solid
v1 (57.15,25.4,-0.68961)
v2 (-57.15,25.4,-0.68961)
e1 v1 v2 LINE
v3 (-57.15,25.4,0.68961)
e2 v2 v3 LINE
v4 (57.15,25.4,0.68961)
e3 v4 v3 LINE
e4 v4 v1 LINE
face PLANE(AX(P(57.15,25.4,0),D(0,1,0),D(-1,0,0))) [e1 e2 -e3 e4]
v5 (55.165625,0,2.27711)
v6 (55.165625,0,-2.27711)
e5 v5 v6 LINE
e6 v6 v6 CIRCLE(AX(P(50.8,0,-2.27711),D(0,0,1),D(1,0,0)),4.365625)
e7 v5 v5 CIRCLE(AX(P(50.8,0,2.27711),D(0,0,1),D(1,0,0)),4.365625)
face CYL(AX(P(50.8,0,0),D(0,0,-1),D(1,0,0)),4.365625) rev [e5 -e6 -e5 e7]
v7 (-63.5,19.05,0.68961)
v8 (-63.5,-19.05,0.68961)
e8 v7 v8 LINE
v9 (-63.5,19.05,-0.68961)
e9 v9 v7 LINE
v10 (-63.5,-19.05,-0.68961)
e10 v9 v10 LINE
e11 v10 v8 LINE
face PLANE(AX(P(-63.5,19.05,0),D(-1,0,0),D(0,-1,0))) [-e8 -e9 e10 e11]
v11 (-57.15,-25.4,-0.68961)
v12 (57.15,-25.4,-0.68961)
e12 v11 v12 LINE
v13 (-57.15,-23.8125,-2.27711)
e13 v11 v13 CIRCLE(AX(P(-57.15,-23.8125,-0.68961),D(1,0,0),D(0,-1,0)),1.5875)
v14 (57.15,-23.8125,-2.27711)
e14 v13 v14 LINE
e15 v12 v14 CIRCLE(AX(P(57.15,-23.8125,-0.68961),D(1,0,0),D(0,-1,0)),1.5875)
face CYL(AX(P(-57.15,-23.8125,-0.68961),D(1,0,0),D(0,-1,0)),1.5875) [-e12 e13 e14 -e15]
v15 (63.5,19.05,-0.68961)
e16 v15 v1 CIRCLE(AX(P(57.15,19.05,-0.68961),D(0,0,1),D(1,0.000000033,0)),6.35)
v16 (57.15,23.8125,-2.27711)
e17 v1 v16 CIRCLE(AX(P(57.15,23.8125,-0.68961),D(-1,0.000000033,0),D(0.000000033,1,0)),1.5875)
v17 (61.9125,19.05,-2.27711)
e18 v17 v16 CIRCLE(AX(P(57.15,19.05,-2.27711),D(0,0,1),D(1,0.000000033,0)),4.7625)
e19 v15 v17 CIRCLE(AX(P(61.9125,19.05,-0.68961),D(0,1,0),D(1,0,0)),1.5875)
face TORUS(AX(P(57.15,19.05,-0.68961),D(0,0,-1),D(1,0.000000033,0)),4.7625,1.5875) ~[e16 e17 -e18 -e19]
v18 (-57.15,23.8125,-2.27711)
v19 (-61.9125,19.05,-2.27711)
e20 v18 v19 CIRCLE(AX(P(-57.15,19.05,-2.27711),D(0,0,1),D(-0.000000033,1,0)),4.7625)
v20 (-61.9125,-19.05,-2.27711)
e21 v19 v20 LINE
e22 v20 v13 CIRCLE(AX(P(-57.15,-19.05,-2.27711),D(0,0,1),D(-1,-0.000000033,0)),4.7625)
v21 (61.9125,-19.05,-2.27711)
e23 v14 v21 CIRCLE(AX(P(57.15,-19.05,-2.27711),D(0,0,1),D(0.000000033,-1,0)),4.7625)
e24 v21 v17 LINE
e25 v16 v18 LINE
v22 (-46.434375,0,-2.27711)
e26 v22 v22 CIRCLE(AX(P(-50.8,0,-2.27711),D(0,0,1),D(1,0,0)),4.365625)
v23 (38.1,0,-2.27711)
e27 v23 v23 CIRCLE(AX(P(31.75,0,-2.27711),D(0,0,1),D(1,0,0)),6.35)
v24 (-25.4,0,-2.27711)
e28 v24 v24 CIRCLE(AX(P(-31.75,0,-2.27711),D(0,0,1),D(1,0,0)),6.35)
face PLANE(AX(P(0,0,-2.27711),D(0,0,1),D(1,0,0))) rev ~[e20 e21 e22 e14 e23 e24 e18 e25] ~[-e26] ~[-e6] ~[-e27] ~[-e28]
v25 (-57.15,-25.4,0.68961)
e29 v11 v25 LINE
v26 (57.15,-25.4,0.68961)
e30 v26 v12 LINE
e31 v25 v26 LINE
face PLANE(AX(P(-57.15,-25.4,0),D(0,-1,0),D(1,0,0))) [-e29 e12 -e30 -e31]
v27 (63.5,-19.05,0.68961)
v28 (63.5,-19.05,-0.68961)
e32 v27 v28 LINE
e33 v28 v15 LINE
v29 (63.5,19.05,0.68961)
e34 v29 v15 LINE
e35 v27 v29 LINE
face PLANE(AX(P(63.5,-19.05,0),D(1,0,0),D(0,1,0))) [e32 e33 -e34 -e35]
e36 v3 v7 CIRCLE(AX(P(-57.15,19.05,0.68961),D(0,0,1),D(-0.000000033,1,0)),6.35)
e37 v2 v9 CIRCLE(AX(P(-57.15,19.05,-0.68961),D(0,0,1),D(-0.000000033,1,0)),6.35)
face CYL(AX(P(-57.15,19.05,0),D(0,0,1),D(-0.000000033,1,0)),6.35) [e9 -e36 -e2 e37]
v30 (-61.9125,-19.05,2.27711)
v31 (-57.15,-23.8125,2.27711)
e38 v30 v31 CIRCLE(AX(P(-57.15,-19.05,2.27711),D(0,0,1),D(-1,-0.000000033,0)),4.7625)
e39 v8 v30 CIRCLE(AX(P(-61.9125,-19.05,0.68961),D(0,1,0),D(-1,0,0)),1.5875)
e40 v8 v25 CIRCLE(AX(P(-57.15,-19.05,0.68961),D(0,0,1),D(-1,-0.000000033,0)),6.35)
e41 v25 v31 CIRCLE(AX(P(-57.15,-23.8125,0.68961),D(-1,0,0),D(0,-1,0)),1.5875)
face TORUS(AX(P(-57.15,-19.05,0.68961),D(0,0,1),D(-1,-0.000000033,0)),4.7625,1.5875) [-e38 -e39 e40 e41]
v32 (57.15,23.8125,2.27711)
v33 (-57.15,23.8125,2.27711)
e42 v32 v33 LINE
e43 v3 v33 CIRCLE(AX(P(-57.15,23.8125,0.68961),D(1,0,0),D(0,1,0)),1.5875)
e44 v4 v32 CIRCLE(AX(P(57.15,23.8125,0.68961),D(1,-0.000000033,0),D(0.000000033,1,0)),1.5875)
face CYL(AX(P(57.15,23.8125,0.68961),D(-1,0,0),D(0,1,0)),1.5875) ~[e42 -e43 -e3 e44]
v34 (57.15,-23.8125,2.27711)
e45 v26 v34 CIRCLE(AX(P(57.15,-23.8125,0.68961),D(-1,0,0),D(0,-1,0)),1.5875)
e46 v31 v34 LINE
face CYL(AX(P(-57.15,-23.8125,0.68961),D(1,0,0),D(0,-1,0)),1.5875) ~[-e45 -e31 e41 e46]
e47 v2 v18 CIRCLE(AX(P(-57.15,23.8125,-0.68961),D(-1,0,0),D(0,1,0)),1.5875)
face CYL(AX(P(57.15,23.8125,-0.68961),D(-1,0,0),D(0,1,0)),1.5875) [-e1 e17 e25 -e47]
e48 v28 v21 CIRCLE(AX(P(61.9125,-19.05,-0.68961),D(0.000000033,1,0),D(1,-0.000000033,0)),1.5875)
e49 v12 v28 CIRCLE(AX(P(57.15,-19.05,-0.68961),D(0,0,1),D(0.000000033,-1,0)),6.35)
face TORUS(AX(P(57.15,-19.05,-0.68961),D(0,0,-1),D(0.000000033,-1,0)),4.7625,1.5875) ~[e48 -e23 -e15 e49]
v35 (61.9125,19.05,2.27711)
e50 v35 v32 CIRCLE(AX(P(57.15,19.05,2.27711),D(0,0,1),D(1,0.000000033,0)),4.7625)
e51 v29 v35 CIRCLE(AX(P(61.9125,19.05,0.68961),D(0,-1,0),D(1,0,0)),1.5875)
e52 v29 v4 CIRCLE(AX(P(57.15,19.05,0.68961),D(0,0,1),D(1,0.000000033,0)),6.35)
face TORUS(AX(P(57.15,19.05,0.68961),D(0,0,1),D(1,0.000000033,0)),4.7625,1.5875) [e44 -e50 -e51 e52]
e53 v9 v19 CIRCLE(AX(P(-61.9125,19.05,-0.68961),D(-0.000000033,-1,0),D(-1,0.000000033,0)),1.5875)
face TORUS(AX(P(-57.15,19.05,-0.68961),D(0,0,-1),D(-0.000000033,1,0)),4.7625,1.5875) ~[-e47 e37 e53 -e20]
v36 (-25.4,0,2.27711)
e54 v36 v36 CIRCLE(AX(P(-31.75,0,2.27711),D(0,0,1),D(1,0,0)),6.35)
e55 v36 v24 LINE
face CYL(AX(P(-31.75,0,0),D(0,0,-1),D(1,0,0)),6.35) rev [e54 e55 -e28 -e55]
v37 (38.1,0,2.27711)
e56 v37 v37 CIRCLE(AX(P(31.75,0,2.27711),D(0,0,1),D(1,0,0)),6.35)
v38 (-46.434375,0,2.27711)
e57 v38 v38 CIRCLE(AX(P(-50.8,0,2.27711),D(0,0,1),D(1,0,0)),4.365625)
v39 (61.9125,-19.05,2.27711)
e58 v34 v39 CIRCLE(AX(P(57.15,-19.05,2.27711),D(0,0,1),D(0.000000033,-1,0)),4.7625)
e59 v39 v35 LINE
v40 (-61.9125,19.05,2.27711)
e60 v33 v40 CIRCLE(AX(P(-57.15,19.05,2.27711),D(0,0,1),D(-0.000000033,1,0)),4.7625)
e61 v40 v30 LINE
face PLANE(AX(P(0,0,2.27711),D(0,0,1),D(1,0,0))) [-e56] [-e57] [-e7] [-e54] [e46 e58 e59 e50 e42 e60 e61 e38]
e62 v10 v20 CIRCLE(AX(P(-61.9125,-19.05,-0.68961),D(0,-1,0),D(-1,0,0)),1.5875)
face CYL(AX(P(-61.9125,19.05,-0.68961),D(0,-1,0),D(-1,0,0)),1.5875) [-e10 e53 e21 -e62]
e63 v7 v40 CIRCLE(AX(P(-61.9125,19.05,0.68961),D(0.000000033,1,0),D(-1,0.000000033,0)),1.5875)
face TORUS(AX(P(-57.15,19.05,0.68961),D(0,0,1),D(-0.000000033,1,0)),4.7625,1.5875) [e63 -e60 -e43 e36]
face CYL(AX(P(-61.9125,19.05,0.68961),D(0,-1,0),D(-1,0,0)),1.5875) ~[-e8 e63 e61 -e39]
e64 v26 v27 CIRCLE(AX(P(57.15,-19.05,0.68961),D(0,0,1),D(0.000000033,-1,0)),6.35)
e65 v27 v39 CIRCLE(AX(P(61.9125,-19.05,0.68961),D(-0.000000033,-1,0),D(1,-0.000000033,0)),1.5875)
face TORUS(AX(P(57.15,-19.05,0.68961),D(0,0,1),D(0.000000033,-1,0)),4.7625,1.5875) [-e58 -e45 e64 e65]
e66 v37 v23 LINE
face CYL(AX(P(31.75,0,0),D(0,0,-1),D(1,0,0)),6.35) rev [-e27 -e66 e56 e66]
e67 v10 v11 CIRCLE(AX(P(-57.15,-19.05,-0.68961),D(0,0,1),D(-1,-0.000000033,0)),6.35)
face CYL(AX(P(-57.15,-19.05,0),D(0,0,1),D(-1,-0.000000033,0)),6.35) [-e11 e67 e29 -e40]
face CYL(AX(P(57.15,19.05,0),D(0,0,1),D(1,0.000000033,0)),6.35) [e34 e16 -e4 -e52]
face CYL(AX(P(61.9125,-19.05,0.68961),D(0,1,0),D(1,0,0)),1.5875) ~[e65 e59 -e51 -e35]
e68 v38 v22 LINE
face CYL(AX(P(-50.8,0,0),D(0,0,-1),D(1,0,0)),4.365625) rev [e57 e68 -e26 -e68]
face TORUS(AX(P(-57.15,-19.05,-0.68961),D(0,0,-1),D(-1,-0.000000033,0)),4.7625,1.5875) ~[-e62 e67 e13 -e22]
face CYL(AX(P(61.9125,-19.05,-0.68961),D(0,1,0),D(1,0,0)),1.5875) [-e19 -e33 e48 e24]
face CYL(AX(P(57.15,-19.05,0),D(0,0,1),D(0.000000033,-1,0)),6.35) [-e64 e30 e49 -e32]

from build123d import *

# Parameters (mm, degrees)
F0_R     = 4.365625
F0_R_2   = 6.35
F1_DEPTH = 2.27711
F2_R     = 1.5875


with BuildPart() as f1:
    # F0 (on Top) → F1 (new body, symmetric)
    with BuildSketch(Plane.XY):
        with BuildLine():
            Line((57.15, 25.4), (-57.15, 25.4))
            ThreePointArc((-57.15, 25.4), (-61.640128, 23.540128), (-63.5, 19.05))
            Line((-63.5, 19.05), (-63.5, -19.05))
            ThreePointArc((-63.5, -19.05), (-61.640128, -23.540128), (-57.15, -25.4))
            Line((-57.15, -25.4), (57.15, -25.4))
            ThreePointArc((57.15, -25.4), (61.640128, -23.540128), (63.5, -19.05))
            Line((63.5, -19.05), (63.5, 19.05))
            ThreePointArc((63.5, 19.05), (61.640128, 23.540128), (57.15, 25.4))
        make_face()
        with Locations((-50.8, 0)):
            Circle(F0_R, mode=Mode.SUBTRACT)
        with Locations((-31.75, 0)):
            Circle(F0_R_2, mode=Mode.SUBTRACT)
        with Locations((31.75, 0)):
            Circle(F0_R_2, mode=Mode.SUBTRACT)
        with Locations((50.8, 0)):
            Circle(F0_R, mode=Mode.SUBTRACT)
    extrude(amount=F1_DEPTH, both=True)

    # F2
    f2_edges = [f1.edges().sort_by_distance(p)[0] for p in [
        (0, -25.4, 2.27711),
        (0, -25.4, -2.27711),
    ]]
    fillet(f2_edges, radius=F2_R)


solid = f1.part
